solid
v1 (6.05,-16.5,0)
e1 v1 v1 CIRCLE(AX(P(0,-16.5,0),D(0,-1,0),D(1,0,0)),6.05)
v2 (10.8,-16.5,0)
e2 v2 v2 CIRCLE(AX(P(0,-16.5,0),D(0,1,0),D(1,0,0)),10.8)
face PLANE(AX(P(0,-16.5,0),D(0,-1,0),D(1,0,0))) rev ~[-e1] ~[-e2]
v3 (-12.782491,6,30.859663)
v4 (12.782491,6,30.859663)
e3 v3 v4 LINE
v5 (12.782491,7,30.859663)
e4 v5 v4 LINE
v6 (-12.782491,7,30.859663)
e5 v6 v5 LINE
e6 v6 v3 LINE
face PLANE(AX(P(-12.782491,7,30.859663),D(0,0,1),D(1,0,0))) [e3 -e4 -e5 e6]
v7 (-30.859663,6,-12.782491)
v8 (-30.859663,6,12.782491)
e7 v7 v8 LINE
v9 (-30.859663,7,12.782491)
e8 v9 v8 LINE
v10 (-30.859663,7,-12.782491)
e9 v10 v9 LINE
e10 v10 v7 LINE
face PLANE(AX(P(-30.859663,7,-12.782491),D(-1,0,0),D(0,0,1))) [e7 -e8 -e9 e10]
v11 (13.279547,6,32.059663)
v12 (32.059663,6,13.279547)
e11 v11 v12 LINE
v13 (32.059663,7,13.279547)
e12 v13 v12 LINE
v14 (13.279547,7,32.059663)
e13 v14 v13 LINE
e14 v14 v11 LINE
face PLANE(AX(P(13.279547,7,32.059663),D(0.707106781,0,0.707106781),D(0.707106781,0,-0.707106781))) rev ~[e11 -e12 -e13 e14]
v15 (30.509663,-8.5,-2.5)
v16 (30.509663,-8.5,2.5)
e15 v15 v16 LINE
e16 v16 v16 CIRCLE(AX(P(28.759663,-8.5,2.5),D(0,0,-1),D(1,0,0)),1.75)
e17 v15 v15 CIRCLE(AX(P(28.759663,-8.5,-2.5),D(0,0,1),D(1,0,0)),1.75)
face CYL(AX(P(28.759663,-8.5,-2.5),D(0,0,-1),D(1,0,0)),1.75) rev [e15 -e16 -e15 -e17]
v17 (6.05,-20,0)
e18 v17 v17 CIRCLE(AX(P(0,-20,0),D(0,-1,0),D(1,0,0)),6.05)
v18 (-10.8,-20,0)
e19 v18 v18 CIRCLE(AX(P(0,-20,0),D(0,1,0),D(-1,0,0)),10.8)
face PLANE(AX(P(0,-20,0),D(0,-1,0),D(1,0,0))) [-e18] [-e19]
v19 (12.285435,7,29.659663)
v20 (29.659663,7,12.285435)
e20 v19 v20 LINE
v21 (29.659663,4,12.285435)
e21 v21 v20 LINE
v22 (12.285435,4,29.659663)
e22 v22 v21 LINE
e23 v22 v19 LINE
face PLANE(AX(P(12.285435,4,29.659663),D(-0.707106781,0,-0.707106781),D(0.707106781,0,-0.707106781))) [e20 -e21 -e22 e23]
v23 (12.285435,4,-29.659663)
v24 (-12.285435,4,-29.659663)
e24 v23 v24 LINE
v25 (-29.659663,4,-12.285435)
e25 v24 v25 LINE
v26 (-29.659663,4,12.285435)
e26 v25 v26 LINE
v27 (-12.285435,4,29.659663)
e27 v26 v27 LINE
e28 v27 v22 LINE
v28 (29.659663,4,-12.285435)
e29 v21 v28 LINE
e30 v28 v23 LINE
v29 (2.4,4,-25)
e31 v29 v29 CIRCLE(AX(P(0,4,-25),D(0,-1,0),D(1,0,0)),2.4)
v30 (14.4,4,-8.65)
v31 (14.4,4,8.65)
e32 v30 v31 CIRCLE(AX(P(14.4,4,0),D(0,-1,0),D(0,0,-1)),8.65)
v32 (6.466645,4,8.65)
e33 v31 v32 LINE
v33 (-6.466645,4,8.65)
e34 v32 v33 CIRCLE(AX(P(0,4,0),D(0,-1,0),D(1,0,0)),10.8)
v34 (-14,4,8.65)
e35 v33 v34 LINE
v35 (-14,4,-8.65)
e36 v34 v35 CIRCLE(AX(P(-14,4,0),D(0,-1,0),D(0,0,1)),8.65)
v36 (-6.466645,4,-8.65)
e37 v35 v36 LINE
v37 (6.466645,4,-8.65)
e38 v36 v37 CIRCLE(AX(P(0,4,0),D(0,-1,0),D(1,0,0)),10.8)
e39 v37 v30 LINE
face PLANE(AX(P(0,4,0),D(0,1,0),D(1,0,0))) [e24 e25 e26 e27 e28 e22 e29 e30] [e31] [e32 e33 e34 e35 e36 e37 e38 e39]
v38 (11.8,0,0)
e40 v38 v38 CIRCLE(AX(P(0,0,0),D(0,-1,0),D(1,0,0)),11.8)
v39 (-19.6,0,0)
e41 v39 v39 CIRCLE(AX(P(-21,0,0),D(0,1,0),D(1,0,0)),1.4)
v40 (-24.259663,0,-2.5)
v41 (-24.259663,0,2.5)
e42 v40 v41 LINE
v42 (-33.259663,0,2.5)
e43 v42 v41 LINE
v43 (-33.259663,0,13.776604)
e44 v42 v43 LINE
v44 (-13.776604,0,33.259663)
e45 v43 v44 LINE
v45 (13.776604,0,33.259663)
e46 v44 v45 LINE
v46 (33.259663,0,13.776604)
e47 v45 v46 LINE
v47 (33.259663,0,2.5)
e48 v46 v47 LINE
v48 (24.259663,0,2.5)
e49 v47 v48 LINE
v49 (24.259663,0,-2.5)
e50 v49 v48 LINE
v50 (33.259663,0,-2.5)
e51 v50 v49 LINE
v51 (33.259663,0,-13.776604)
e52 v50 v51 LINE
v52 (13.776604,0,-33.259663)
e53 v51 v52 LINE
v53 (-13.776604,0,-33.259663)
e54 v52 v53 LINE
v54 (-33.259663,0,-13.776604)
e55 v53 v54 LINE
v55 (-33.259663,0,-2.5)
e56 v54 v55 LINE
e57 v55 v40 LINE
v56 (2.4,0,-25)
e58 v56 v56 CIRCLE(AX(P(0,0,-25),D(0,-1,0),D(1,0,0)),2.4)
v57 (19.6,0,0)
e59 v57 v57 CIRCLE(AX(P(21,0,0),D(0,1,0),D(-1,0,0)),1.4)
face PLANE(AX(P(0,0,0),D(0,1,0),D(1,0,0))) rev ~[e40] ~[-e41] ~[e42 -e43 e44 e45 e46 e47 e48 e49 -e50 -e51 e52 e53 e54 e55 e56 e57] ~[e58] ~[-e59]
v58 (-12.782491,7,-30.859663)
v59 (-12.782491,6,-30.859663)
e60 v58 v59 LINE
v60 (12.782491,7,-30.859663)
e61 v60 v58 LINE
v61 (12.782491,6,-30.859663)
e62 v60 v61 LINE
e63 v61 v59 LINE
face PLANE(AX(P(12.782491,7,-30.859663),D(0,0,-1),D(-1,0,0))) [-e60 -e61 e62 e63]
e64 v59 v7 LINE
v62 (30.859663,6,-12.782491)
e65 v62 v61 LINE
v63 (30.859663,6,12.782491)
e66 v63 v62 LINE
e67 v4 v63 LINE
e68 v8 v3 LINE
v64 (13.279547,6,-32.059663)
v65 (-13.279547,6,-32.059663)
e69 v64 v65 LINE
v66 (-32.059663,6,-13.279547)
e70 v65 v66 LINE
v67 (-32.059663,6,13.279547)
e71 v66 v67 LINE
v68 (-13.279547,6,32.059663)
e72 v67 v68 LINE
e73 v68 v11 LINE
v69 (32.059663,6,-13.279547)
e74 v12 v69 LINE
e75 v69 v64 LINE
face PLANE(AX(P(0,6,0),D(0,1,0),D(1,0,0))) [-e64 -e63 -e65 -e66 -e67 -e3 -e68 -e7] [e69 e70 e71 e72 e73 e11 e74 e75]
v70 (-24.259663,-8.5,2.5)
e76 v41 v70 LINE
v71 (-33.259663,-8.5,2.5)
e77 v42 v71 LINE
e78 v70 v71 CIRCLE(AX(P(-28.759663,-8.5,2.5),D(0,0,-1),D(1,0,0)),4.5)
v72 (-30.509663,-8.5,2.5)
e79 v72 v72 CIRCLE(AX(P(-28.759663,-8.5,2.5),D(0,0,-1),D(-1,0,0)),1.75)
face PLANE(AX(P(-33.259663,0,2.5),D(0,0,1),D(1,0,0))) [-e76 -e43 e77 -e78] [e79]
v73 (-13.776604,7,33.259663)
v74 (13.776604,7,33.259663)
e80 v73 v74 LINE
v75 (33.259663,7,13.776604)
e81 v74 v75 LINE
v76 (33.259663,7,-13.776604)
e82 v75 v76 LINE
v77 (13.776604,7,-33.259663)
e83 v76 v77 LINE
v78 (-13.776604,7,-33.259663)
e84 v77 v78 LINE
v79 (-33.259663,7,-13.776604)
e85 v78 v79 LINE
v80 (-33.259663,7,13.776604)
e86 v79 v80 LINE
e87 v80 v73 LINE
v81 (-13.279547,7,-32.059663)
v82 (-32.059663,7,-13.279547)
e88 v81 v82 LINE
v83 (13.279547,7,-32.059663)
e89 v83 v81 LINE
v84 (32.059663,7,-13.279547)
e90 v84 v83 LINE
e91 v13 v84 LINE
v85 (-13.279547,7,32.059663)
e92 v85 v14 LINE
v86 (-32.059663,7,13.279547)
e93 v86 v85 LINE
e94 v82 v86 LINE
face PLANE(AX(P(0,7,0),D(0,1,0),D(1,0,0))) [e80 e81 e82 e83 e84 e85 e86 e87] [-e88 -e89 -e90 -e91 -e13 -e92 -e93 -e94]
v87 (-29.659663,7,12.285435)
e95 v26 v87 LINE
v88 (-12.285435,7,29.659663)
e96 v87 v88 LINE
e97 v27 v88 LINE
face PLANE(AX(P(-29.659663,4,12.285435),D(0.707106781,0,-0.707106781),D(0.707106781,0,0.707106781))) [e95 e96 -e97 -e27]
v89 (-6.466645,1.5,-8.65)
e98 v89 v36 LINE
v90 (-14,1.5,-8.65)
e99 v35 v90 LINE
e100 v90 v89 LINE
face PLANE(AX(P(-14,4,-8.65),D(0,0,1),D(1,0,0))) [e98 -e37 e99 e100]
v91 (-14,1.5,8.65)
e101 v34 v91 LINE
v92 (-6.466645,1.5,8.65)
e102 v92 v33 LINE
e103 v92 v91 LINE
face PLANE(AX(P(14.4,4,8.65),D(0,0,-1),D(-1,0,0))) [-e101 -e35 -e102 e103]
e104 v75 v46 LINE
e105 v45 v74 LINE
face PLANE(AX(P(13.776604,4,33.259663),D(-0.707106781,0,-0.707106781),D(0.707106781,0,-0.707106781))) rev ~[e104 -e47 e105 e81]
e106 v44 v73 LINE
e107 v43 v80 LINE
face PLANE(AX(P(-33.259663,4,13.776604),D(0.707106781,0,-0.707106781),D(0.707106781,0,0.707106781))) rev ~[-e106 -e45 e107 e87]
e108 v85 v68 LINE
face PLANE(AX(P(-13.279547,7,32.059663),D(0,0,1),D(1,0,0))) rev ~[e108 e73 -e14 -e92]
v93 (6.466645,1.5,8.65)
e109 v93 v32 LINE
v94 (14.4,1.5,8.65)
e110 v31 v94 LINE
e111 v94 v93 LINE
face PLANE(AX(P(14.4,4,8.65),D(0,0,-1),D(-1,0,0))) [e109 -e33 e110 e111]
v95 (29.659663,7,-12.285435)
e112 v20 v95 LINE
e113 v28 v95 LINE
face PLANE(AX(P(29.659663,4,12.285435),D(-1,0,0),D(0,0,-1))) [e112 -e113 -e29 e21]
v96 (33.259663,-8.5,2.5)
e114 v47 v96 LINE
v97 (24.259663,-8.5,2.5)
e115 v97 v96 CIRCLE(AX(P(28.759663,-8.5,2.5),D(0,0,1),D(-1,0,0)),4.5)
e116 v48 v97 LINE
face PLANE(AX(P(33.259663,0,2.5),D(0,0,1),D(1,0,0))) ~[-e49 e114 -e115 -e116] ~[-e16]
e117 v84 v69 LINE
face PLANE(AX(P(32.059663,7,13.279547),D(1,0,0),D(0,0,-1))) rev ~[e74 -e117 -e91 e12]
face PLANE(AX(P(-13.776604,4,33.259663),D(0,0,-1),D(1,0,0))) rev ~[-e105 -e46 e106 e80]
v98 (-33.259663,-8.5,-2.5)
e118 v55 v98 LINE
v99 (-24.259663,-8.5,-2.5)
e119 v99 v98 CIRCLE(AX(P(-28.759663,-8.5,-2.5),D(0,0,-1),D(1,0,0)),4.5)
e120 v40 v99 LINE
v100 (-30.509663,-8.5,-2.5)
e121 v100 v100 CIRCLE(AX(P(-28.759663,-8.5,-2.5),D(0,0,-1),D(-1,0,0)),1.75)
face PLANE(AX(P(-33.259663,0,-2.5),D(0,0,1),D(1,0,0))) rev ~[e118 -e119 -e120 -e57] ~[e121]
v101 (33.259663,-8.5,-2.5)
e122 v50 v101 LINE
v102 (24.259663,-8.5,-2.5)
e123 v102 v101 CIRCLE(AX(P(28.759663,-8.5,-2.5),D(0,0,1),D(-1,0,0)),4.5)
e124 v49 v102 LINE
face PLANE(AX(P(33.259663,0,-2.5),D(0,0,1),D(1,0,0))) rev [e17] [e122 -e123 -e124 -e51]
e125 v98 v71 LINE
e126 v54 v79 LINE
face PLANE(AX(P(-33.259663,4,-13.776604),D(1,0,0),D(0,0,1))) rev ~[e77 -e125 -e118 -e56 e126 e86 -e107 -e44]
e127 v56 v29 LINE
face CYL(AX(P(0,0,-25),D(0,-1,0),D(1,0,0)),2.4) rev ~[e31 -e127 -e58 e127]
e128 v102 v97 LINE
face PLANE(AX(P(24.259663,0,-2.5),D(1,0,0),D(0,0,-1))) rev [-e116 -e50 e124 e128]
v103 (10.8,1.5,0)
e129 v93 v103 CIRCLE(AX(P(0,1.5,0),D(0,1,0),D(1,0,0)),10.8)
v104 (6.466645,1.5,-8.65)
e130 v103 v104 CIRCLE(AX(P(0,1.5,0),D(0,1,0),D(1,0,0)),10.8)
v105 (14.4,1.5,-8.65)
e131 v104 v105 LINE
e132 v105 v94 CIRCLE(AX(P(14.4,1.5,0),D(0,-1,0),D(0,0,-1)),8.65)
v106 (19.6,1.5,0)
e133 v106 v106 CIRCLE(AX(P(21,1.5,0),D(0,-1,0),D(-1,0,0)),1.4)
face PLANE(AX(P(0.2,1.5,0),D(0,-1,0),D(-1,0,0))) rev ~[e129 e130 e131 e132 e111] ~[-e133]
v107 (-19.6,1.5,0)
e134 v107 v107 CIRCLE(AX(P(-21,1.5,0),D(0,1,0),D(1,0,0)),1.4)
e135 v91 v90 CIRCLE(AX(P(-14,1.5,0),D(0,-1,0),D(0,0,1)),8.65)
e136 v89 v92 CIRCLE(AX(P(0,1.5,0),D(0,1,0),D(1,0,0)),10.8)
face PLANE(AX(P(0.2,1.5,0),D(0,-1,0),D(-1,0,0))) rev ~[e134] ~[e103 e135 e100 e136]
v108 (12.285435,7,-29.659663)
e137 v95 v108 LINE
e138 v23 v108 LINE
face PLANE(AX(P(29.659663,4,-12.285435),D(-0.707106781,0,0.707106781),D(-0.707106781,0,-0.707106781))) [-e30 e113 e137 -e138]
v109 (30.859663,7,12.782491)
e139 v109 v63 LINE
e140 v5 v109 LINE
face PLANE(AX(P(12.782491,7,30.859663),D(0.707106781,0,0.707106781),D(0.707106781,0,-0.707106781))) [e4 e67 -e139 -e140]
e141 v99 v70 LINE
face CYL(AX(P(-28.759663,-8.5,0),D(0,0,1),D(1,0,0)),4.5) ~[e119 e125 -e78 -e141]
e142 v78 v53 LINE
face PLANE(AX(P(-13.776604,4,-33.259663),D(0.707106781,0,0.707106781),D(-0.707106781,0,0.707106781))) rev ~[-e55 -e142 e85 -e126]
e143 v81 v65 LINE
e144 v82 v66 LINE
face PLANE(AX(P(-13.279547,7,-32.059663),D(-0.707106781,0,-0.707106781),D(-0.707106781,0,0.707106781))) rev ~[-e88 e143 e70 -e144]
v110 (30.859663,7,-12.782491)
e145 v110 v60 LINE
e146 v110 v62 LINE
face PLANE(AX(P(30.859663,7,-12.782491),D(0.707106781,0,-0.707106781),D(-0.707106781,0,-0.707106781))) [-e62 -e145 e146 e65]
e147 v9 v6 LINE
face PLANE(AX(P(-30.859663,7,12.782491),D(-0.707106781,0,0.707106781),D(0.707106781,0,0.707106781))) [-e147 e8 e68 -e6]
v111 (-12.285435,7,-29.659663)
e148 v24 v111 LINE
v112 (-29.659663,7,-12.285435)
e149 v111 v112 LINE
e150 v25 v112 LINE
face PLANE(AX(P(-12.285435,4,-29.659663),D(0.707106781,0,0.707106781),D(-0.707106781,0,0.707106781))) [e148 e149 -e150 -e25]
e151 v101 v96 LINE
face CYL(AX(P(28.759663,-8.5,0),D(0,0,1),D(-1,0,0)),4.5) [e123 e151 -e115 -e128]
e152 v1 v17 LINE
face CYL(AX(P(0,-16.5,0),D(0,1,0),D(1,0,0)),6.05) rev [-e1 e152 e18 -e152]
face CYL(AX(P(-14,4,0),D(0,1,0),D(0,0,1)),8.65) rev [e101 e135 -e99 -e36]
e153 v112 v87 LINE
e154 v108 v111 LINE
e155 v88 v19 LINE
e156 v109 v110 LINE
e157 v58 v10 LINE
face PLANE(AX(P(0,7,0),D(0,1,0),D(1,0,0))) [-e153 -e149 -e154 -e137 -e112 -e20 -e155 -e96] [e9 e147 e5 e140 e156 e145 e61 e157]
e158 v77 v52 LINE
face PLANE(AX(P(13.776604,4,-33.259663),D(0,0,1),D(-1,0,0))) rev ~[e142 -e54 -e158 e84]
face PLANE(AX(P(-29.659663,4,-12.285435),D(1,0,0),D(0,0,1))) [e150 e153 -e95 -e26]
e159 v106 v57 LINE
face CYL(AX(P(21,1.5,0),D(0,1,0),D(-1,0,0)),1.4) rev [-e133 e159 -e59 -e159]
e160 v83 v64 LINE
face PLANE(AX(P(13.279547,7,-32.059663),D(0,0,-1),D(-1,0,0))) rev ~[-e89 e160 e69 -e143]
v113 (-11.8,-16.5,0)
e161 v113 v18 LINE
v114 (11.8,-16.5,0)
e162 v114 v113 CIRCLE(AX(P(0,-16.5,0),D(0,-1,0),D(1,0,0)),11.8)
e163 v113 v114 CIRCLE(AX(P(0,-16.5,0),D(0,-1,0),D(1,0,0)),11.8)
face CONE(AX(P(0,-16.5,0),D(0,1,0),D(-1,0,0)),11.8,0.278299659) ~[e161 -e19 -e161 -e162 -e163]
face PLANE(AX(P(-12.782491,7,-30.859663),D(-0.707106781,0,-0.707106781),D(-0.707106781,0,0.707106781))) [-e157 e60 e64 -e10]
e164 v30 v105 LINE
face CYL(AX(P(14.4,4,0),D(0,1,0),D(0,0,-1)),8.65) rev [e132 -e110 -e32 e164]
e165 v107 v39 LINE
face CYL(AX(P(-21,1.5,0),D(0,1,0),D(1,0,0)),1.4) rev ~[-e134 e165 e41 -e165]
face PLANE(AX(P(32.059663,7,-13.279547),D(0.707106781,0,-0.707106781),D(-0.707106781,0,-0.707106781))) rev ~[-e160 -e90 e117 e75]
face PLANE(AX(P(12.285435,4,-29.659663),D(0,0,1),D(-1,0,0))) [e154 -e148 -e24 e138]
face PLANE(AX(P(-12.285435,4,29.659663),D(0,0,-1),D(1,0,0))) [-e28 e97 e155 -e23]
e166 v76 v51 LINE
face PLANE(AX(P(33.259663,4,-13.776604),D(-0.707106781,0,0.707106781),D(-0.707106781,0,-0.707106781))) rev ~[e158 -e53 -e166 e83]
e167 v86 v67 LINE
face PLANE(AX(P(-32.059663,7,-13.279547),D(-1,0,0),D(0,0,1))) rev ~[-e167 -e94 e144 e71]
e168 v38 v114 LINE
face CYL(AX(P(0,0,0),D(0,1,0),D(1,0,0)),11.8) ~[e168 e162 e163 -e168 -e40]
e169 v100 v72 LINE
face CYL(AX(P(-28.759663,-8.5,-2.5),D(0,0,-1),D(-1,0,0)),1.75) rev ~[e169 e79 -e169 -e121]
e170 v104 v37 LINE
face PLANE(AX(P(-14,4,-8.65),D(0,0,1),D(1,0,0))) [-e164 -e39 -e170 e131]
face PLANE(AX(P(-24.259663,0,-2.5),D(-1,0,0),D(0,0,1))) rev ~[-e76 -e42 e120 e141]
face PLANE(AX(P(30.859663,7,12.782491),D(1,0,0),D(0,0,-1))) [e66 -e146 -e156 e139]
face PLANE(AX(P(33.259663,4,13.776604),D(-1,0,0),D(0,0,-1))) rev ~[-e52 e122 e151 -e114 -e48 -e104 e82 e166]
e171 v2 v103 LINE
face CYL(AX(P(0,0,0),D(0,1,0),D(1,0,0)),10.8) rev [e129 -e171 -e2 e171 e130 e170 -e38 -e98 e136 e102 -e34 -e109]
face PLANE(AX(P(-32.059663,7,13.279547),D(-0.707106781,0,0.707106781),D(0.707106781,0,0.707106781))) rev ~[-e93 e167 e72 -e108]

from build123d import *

# Parameters (mm, degrees)
EXTRUDE_1_DEPTH      = 4
SKETCH_2_R           = 2.4
CUT_EXTRUDE_1_DEPTH  = 4
EXTRUDE_3_DEPTH      = 3
CUT_EXTRUDE_2_DEPTH  = 1
SKETCH_7_R           = 10.8
CUT_EXTRUDE_4_DEPTH  = 4
SKETCH_8_R           = 11.8
SKETCH_8_R_2         = 10.8
EXTRUDE_4_DEPTH      = 16.5
SKETCH_9_R           = 10.8
SKETCH_9_R_2         = 6.05
EXTRUDE_5_DEPTH      = 3.5
CUT_EXTRUDE_5_DEPTH  = 2.5
SKETCH_13_W          = 9
SKETCH_13_H          = 5
EXTRUDE_7_DEPTH      = 8.5
SKETCH_16_R          = 1.4
CUT_EXTRUDE_8_DEPTH  = 10
SKETCH_19_ONE_SIDE_W = 4.5
SKETCH_19_ONE_SIDE_H = 5
SKETCH_20_R          = 1.75
CUT_EXTRUDE_9_DEPTH  = 36.75966317


with BuildPart() as part:
    # 스케치1 → 보스-돌출1 (new body)
    with BuildSketch(Plane(origin=(0, 0, 0), x_dir=(1, 0, 0), z_dir=(0, 1, 0))):
        Polygon((13.776603565, -33.25966317), (33.25966317, -13.776603565), (33.25966317, 13.776603565), (13.776603565, 33.25966317), (-13.776603565, 33.25966317), (-33.25966317, 13.776603565), (-33.25966317, -13.776603565), (-13.776603565, -33.25966317), align=None)
    extrude(amount=EXTRUDE_1_DEPTH)

    # 스케치2 → 컷-돌출1 (cut)
    with BuildSketch(Plane.XZ):
        with Locations((0, -25)):
            Circle(SKETCH_2_R)
    extrude(amount=-CUT_EXTRUDE_1_DEPTH, mode=Mode.SUBTRACT)

    # 스케치3 → 보스-돌출3 (add)
    with BuildSketch(Plane(origin=(0, 4, 0), x_dir=(1, 0, 0), z_dir=(0, 1, 0))):
        Polygon((-13.776603565, 33.25966317), (-33.25966317, 13.776603565), (-33.25966317, -13.776603565), (-13.776603565, -33.25966317), (13.776603565, -33.25966317), (33.25966317, -13.776603565), (33.25966317, 13.776603565), (13.776603565, 33.25966317), align=None)
        Polygon((-12.285434741, 29.65966317), (-29.65966317, 12.285434741), (-29.65966317, -12.285434741), (-12.285434741, -29.65966317), (12.285434741, -29.65966317), (29.65966317, -12.285434741), (29.65966317, 12.285434741), (12.285434741, 29.65966317), align=None, mode=Mode.SUBTRACT)
    extrude(amount=EXTRUDE_3_DEPTH)

    # 스케치5 → 컷-돌출2 (cut)
    with BuildSketch(Plane(origin=(0, 7, 0), x_dir=(1, 0, 0), z_dir=(0, 1, 0))):
        Polygon((32.05966317, -13.27954729), (32.05966317, 13.27954729), (13.27954729, 32.05966317), (-13.27954729, 32.05966317), (-32.05966317, 13.27954729), (-32.05966317, -13.27954729), (-13.27954729, -32.05966317), (13.27954729, -32.05966317), align=None)
        Polygon((30.85966317, 12.782491015), (12.782491015, 30.85966317), (-12.782491015, 30.85966317), (-30.85966317, 12.782491015), (-30.85966317, -12.782491015), (-12.782491015, -30.85966317), (12.782491015, -30.85966317), (30.85966317, -12.782491015), align=None, mode=Mode.SUBTRACT)
    extrude(amount=-CUT_EXTRUDE_2_DEPTH, mode=Mode.SUBTRACT)

    # 스케치7 → 컷-돌출4 (cut)
    with BuildSketch(Plane.XZ):
        Circle(SKETCH_7_R)
    extrude(amount=-CUT_EXTRUDE_4_DEPTH, mode=Mode.SUBTRACT)

    # 스케치8 → 보스-돌출4 (add)
    with BuildSketch(Plane.XZ):
        Circle(SKETCH_8_R)
        Circle(SKETCH_8_R_2, mode=Mode.SUBTRACT)
    extrude(amount=EXTRUDE_4_DEPTH)



with BuildPart() as body_2:
    # 스케치9 → 보스-돌출5 (new body)
    with BuildSketch(Plane.XZ.offset(16.5)):
        Circle(SKETCH_9_R)
        Circle(SKETCH_9_R_2, mode=Mode.SUBTRACT)
    extrude(amount=EXTRUDE_5_DEPTH)


with BuildPart() as part_1:
    add(part.part)

    add(body_2.part)  # 회전1 merges body 2
    # 스케치10 → 회전1 (revolve)
    with BuildSketch(Plane.XY):
        Polygon((-11.8, -16.5), (-10.8, -20), (-10.8, -16.5), align=None)
    revolve(axis=Axis((0, -20, 0), (0, 1, 0)))

    # 스케치11 → 컷-돌출5 (cut)
    with BuildSketch(Plane(origin=(0, 4, 0), x_dir=(1, 0, 0), z_dir=(0, 1, 0))):
        with BuildLine():
            Line((-14, 8.65), (14.4, 8.65))
            ThreePointArc((14.4, 8.65), (23.05, 0), (14.4, -8.65))
            Line((14.4, -8.65), (-14, -8.65))
            ThreePointArc((-14, -8.65), (-22.65, 0), (-14, 8.65))
        make_face()
    extrude(amount=-CUT_EXTRUDE_5_DEPTH, mode=Mode.SUBTRACT)

    # 스케치13 → 보스-돌출7 (add)
    with BuildSketch(Plane.XZ):
        with Locations((-28.75966317, 0)):
            Rectangle(SKETCH_13_W, SKETCH_13_H)
    extrude_7 = extrude(amount=EXTRUDE_7_DEPTH)

    # 스케치16 → 컷-돌출8 (cut)
    with BuildSketch(Plane(origin=(0, 1.5, 0), x_dir=(1, 0, 0), z_dir=(0, 1, 0))):
        with Locations((-21, 0)):
            Circle(SKETCH_16_R)
    cut_extrude_8 = extrude(amount=-CUT_EXTRUDE_8_DEPTH, mode=Mode.SUBTRACT)

    # 대칭 복사2: 컷-돌출8 across plane
    add(cut_extrude_8.mirror(Plane(origin=(0, 0, 0), x_dir=(0, 0, 1), z_dir=(1, 0, 0))), mode=Mode.SUBTRACT)

    # 스케치19 one side → 회전2 (revolve)
    with BuildSketch(Plane.XZ.offset(8.5)):
        with Locations((-26.50966317, 0)):
            Rectangle(SKETCH_19_ONE_SIDE_W, SKETCH_19_ONE_SIDE_H)
    revolve_2 = revolve(axis=Axis((-28.75966317, -8.5, 5.440491611), (0, 0, -1)))

    # 스케치20 → 컷-돌출9 (cut, through all)
    with BuildSketch(Plane(origin=(0, 0, -2.5), x_dir=(-1, 0, 0), z_dir=(0, 0, -1))):
        with Locations((28.75966317, -8.5)):
            Circle(SKETCH_20_R)
    cut_extrude_9 = extrude(amount=-CUT_EXTRUDE_9_DEPTH, mode=Mode.SUBTRACT)

    # 대칭 복사3: 보스-돌출7, 회전2, 컷-돌출9 across plane
    add(extrude_7.mirror(Plane(origin=(0, 0, 0), x_dir=(0, 0, 1), z_dir=(1, 0, 0))))
    add(revolve_2.mirror(Plane(origin=(0, 0, 0), x_dir=(0, 0, 1), z_dir=(1, 0, 0))))
    add(cut_extrude_9.mirror(Plane(origin=(0, 0, 0), x_dir=(0, 0, 1), z_dir=(1, 0, 0))), mode=Mode.SUBTRACT)


solid = part_1.part
